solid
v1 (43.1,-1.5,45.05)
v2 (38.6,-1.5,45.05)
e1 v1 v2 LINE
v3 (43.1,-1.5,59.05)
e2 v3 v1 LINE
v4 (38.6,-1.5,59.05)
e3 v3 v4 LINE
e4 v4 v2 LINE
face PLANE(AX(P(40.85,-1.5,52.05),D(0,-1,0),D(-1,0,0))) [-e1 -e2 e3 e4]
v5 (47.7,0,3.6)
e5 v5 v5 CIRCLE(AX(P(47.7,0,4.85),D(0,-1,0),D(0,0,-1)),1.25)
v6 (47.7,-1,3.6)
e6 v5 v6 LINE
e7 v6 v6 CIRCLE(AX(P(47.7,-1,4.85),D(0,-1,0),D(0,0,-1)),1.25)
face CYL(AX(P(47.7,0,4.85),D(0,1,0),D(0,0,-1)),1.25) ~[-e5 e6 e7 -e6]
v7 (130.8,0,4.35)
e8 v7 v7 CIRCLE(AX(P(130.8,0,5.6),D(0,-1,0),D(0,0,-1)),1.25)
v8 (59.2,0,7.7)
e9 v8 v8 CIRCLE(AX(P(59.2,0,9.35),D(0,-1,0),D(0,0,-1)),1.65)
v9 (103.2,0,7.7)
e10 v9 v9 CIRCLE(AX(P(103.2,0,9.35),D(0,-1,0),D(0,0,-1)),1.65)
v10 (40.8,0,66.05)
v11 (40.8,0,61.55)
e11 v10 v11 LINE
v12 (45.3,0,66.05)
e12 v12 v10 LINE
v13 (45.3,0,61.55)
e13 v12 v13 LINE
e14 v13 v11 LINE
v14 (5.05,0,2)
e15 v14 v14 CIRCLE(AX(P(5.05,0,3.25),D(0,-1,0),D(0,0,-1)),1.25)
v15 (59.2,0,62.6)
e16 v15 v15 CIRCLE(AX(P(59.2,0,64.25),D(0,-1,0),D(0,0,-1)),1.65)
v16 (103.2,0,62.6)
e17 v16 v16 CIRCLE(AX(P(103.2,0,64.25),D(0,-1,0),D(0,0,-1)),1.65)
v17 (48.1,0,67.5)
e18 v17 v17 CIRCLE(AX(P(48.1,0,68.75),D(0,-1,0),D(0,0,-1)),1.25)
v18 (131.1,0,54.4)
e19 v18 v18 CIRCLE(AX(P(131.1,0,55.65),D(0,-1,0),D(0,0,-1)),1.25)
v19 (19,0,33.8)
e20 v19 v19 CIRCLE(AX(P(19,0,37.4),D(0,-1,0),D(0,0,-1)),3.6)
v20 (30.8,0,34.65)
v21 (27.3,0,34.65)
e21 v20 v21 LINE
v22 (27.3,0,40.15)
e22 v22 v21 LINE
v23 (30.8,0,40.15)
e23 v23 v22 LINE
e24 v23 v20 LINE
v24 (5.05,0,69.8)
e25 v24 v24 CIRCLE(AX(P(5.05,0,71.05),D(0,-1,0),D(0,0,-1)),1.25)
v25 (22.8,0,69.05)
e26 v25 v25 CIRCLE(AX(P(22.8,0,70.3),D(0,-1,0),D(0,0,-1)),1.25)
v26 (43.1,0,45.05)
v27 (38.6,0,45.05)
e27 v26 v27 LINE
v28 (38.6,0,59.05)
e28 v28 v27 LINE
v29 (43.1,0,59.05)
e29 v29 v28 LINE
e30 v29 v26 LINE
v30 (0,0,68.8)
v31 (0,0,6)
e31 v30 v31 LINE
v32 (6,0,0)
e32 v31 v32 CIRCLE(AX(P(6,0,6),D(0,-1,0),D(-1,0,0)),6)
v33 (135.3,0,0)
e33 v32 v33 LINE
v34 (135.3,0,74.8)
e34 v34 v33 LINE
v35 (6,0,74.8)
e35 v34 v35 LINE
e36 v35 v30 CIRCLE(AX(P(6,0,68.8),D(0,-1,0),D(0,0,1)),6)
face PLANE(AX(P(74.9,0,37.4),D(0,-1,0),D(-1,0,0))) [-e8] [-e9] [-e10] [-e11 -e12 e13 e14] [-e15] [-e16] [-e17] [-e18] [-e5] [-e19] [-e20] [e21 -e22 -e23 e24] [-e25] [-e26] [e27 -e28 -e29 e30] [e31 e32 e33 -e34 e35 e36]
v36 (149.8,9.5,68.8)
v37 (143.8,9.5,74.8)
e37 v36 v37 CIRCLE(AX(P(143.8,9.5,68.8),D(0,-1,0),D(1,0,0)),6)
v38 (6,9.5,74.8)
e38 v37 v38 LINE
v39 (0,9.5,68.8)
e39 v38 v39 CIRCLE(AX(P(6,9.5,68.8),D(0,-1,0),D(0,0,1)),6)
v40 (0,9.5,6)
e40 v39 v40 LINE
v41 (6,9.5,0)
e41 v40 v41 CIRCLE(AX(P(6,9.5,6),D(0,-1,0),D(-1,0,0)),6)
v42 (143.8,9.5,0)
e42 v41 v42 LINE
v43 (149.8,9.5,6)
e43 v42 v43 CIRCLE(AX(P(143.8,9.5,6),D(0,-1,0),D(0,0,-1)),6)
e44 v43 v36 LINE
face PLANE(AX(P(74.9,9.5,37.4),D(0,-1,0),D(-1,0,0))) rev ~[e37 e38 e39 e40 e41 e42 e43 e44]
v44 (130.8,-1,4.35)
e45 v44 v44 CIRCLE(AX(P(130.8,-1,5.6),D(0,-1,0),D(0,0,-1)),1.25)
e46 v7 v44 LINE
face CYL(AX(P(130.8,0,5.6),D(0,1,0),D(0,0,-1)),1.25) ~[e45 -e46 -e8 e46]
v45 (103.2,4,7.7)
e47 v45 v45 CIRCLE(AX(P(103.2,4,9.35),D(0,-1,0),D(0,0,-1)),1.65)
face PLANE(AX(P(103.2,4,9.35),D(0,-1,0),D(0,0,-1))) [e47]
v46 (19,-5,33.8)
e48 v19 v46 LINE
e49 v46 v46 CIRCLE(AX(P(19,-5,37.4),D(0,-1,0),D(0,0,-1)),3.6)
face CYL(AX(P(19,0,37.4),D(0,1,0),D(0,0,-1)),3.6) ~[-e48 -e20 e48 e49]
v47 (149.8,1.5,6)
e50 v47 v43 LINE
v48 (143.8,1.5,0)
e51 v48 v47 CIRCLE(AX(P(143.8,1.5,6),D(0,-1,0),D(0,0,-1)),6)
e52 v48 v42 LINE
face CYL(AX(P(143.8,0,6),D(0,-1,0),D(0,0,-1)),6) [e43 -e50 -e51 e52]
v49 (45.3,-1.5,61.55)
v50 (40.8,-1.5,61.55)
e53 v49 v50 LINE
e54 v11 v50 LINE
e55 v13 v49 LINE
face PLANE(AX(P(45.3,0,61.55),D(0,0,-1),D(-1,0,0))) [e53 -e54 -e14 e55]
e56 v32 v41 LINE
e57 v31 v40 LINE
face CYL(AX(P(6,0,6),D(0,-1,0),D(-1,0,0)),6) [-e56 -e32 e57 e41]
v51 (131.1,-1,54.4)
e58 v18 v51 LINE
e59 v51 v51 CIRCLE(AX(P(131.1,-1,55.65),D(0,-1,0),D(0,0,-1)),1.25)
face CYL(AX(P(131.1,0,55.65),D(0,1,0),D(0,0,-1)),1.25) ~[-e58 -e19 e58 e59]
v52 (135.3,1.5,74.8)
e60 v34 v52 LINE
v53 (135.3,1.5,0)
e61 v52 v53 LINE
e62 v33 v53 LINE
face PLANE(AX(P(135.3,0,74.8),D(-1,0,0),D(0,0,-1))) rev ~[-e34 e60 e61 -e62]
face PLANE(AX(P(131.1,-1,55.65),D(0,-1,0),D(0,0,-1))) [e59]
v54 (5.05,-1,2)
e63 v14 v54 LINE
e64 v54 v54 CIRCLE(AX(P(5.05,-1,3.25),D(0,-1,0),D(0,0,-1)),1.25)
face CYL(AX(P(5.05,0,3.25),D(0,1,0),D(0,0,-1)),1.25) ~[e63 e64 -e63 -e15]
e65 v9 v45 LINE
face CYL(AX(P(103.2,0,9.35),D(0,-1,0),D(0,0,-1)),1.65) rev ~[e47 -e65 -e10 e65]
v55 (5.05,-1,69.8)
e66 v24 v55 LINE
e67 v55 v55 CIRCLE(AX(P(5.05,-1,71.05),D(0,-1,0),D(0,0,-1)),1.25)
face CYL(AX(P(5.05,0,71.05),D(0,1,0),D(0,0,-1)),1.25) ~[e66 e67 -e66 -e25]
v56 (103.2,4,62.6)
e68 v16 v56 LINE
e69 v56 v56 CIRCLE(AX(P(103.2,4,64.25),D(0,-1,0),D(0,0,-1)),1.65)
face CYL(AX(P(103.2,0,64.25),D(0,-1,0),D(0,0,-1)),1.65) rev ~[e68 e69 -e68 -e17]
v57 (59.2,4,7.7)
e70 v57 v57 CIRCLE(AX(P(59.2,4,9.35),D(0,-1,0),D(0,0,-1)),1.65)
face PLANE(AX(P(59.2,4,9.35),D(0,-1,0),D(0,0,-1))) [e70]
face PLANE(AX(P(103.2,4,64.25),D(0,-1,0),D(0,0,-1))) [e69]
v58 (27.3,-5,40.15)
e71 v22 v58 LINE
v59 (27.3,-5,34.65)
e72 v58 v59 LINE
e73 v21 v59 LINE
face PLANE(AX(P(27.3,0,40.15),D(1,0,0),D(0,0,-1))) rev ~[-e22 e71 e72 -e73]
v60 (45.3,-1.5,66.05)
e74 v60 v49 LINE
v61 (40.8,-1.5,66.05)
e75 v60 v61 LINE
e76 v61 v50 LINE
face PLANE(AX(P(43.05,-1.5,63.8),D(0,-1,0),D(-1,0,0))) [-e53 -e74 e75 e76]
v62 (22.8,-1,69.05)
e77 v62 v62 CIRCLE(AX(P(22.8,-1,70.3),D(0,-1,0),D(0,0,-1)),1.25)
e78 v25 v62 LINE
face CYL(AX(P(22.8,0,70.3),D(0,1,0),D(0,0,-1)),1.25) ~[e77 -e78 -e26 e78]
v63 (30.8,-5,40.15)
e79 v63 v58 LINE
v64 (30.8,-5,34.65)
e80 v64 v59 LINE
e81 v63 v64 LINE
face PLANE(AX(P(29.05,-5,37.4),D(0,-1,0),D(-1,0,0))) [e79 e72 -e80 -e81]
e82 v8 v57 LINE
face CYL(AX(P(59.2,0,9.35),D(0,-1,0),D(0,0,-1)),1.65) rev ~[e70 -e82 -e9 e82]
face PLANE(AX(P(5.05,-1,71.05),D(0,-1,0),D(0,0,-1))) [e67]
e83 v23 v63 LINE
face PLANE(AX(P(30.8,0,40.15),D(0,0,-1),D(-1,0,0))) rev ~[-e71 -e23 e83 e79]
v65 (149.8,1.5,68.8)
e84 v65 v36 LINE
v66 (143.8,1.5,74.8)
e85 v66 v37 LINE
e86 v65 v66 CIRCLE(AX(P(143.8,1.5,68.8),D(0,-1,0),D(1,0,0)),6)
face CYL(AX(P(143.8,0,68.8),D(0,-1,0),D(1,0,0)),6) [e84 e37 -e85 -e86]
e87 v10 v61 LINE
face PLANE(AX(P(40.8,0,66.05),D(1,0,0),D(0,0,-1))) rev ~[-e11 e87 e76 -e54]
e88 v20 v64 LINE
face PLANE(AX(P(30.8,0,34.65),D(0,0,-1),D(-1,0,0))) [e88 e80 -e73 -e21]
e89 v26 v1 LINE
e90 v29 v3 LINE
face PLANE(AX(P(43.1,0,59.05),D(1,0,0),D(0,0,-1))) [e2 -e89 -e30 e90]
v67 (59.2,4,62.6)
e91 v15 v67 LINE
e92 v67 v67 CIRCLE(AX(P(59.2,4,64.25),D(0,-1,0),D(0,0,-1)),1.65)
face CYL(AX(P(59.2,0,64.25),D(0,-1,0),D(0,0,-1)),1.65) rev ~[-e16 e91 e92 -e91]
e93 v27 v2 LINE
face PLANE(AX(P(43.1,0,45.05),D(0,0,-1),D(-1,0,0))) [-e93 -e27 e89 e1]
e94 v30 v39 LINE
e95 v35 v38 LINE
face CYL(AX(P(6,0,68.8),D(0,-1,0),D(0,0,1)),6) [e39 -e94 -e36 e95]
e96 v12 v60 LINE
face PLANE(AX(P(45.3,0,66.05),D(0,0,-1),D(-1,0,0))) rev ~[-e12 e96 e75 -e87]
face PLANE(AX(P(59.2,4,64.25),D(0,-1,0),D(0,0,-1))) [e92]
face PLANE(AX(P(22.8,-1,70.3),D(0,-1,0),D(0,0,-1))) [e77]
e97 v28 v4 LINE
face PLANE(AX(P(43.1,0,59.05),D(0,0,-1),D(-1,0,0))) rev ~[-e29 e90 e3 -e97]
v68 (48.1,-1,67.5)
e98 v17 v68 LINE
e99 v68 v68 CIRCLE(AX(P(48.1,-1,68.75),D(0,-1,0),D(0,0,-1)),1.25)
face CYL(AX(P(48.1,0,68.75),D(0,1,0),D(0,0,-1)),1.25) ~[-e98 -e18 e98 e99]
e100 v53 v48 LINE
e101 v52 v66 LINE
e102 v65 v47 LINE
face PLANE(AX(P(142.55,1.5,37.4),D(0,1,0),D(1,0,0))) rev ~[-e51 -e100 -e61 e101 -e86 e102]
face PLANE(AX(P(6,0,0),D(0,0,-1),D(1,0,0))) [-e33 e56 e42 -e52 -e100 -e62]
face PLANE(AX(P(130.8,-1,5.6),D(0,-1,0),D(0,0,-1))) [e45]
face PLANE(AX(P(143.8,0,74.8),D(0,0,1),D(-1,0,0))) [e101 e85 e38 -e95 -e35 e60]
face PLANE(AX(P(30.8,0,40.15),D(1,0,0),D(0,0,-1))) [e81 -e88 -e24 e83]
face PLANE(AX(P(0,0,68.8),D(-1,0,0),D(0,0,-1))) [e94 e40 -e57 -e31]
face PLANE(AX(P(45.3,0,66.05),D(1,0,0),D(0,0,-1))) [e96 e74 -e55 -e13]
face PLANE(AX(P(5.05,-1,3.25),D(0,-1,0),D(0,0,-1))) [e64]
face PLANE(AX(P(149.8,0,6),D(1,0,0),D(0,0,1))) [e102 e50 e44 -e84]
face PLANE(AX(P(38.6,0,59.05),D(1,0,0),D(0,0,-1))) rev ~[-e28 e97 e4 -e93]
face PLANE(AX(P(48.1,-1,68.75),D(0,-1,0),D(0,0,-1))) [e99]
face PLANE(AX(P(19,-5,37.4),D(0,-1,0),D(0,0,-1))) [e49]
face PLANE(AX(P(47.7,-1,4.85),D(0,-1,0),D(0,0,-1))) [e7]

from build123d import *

# Parameters (mm, degrees)
EXTRUDE_1_DEPTH     = 9.5
SKETCH_2_5_W        = 4.5
SKETCH_2_5_H        = 14
SKETCH_2_5_H_2      = 4.5
EXTRUDE_5_DEPTH     = 1.5
SKETCH_2_6_R        = 1.25
EXTRUDE_6_DEPTH     = 1
SKETCH_2_7_R        = 1.65
CUT_EXTRUDE_1_DEPTH = 4
SKETCH_3_W          = 14.5
SKETCH_3_H          = 74.8
CUT_EXTRUDE_2_DEPTH = 1.5
SKETCH_2_R          = 3.6
SKETCH_2_W          = 3.5
SKETCH_2_H          = 5.5
EXTRUDE_7_DEPTH     = 5


with BuildPart() as part:
    # 草图1 → 凸台-拉伸1 (new body)
    with BuildSketch(Plane(origin=(0, 0, 0), x_dir=(1, 0, 0), z_dir=(0, 1, 0))):
        with BuildLine():
            Line((6, 0), (143.8, 0))
            ThreePointArc((143.8, 0), (148.042640687, -1.757359313), (149.8, -6))
            Line((149.8, -6), (149.8, -68.8))
            ThreePointArc((149.8, -68.8), (148.042640687, -73.042640687), (143.8, -74.8))
            Line((143.8, -74.8), (6, -74.8))
            ThreePointArc((6, -74.8), (1.757359313, -73.042640687), (0, -68.8))
            Line((0, -68.8), (0, -6))
            ThreePointArc((0, -6), (1.757359313, -1.757359313), (6, 0))
        make_face()
    extrude(amount=EXTRUDE_1_DEPTH)

    # 草图2<5> → 凸台-拉伸5 (add)
    with BuildSketch(Plane(origin=(0, 0, 0), x_dir=(-1, 0, 0), z_dir=(0, -1, 0))):
        with Locations((-40.85, -52.05)):
            Rectangle(SKETCH_2_5_W, SKETCH_2_5_H)
        with Locations((-43.05, -63.8)):
            Rectangle(SKETCH_2_5_W, SKETCH_2_5_H_2)
    extrude(amount=EXTRUDE_5_DEPTH)

    # 草图2<6> → 凸台-拉伸6 (add)
    with BuildSketch(Plane(origin=(0, 0, 0), x_dir=(-1, 0, 0), z_dir=(0, -1, 0))):
        with Locations((-130.8, -5.6)):
            Circle(SKETCH_2_6_R)
        with Locations((-131.1, -55.65)):
            Circle(SKETCH_2_6_R)
        with Locations((-47.7, -4.85)):
            Circle(SKETCH_2_6_R)
        with Locations((-48.1, -68.75)):
            Circle(SKETCH_2_6_R)
        with Locations((-22.8, -70.3)):
            Circle(SKETCH_2_6_R)
        with Locations((-5.05, -71.05)):
            Circle(SKETCH_2_6_R)
        with Locations((-5.05, -3.25)):
            Circle(SKETCH_2_6_R)
    extrude(amount=EXTRUDE_6_DEPTH)

    # 草图2<7> → 切除-拉伸1 (cut)
    with BuildSketch(Plane(origin=(0, 0, 0), x_dir=(-1, 0, 0), z_dir=(0, -1, 0))):
        with Locations((-103.2, -9.35)):
            Circle(SKETCH_2_7_R)
        with Locations((-103.2, -64.25)):
            Circle(SKETCH_2_7_R)
        with Locations((-59.2, -64.25)):
            Circle(SKETCH_2_7_R)
        with Locations((-59.2, -9.35)):
            Circle(SKETCH_2_7_R)
    extrude(amount=-CUT_EXTRUDE_1_DEPTH, mode=Mode.SUBTRACT)

    # 草图3 → 切除-拉伸2 (cut)
    with BuildSketch(Plane(origin=(0, 0, 0), x_dir=(1, 0, 0), z_dir=(0, 1, 0))):
        with Locations((142.55, -37.4)):
            Rectangle(SKETCH_3_W, SKETCH_3_H)
    extrude(amount=CUT_EXTRUDE_2_DEPTH, mode=Mode.SUBTRACT)

    # 草图2 → 凸台-拉伸7 (add)
    with BuildSketch(Plane(origin=(0, 0, 0), x_dir=(-1, 0, 0), z_dir=(0, -1, 0))):
        with Locations((-19, -37.4)):
            Circle(SKETCH_2_R)
        with Locations((-29.05, -37.4)):
            Rectangle(SKETCH_2_W, SKETCH_2_H)
    extrude(amount=EXTRUDE_7_DEPTH)


solid = part.part
